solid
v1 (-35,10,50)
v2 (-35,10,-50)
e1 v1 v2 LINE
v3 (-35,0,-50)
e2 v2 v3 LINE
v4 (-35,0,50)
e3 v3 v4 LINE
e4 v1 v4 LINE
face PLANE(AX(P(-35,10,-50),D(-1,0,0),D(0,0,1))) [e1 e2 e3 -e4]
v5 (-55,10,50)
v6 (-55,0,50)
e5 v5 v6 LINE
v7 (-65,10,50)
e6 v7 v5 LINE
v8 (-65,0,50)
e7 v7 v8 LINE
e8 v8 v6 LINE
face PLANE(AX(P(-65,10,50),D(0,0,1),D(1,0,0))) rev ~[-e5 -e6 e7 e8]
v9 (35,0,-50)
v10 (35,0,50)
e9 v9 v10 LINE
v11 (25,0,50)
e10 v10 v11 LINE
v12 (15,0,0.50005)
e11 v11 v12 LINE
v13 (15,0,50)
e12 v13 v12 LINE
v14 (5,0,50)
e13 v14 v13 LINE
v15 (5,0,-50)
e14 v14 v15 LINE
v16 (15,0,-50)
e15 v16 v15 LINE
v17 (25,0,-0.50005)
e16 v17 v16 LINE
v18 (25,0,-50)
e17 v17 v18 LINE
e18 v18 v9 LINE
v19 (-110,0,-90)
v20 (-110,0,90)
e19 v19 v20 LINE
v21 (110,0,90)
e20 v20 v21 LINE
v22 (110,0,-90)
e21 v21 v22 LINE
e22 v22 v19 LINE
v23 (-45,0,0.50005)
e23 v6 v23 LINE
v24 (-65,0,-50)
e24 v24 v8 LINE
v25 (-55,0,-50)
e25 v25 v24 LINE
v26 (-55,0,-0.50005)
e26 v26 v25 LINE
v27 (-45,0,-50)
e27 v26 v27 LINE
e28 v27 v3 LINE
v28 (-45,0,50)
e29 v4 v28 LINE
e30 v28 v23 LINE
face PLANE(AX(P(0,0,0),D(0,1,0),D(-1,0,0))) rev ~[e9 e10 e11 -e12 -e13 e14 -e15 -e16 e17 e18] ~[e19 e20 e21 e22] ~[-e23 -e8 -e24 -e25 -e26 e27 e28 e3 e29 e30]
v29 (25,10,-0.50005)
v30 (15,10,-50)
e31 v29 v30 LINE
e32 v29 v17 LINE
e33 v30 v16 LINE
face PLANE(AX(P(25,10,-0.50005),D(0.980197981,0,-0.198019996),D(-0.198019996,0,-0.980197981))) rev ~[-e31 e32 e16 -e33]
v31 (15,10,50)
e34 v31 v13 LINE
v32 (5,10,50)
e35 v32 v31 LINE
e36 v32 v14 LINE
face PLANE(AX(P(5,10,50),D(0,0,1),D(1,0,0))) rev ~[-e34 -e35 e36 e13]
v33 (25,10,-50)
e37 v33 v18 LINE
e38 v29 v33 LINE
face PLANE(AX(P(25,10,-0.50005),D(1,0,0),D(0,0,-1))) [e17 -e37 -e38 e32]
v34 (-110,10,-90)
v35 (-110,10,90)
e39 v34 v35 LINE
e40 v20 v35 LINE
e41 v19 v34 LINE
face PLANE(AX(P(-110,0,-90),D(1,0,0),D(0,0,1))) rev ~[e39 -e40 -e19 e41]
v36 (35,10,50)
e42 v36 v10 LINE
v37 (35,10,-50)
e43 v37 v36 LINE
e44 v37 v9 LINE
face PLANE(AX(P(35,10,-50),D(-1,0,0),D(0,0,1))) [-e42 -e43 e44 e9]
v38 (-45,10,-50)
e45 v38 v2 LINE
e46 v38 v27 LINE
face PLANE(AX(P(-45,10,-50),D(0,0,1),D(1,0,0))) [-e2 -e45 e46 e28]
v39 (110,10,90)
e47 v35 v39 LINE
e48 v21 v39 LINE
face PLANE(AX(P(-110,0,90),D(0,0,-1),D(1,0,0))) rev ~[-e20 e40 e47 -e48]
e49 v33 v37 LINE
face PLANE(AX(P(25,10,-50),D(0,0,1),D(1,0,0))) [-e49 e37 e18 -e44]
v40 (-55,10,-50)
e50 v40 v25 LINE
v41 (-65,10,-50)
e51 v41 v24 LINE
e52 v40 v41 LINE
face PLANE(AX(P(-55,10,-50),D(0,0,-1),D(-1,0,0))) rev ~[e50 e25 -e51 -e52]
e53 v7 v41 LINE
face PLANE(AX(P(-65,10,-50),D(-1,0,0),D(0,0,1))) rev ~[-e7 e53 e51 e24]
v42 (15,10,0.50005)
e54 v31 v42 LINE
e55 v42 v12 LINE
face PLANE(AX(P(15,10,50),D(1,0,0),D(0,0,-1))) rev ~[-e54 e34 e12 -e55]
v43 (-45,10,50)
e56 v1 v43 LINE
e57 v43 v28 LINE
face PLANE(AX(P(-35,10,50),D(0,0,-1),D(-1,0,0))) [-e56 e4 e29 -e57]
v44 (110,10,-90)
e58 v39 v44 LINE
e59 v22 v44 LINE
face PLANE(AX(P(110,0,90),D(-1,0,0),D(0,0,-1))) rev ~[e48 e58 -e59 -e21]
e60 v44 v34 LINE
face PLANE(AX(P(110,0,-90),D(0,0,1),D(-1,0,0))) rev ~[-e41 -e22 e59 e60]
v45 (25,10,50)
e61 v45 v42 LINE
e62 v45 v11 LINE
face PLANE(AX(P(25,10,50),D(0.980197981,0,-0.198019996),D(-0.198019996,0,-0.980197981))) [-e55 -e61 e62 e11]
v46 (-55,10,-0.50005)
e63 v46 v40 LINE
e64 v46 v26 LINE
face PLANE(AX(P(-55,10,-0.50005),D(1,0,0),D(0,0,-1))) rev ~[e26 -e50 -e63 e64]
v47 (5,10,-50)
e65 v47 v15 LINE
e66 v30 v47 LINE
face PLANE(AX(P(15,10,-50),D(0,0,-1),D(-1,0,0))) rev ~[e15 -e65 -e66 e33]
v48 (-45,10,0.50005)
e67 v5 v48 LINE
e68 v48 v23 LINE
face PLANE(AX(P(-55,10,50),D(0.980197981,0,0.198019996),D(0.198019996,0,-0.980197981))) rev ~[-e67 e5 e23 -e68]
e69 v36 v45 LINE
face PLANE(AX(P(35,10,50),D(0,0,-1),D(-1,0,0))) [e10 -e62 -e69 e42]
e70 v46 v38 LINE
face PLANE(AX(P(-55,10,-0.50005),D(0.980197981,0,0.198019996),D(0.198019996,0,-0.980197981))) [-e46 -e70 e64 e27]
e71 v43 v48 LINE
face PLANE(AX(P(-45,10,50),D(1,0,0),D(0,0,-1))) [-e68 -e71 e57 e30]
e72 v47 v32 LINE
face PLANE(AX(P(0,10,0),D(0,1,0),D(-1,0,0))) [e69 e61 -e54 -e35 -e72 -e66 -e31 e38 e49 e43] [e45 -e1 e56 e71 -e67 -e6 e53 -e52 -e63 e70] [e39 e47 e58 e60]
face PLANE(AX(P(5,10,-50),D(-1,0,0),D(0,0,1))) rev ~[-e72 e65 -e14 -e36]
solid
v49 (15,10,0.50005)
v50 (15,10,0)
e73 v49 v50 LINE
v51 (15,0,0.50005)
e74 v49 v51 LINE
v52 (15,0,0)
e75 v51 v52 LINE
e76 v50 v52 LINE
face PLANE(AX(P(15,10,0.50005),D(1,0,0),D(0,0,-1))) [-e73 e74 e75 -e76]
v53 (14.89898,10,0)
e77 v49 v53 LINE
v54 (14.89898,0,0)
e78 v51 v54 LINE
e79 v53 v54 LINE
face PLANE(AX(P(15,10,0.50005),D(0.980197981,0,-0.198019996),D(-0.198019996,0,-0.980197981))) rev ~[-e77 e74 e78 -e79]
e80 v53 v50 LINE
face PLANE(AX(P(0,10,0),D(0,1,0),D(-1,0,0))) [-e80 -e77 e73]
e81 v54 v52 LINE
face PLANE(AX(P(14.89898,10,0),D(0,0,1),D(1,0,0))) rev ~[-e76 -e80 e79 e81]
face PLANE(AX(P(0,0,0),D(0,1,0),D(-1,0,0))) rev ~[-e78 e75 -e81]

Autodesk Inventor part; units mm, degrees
ref_plane "YZ Plane" through (0, 0, 0) normal (1, 0, 0) x (0, 1, 0)
ref_plane "XZ Plane" through (0, 0, 0) normal (0, 1, 0) x (-1, 0, 0)
ref_plane "XY Plane" through (0, 0, 0) normal (0, 0, 1) x (1, 0, 0)
sketch "Boceto1" plane through (0, 0, 0) normal (0, 1, 0) x (-1, 0, 0)
  point P0 (0, 0)
sketch "Boceto2" plane through (0, 0, 0) normal (0, 1, 0) x (-1, 0, 0)
  line L0 (110, 90) -> (-110, 90)
  line L1 (-110, 90) -> (-110, -90)
  line L2 (-110, -90) -> (110, -90)
  line L3 (110, -90) -> (110, 90)
  line L4 (110, 90) -> (-110, -90) construction
  line L5 (-110, 90) -> (110, -90) construction
  point P0 (0, 0)
  dimension "d0" = 220
  dimension "d1" = 180
extrude "Extrusión1" add sketch "Boceto2" along normal blind 10
sketch "Boceto3" plane through (0, 10, 0) normal (0, 1, 0) x (1, 0, 0)
  point P0 (0, 0)
sketch "Boceto4" plane through (0, 10, 0) normal (0, 1, 0) x (1, 0, 0)
  line L0 (-110, 90) -> (-110, -90) projected
  line L1 (-110, 0) -> (-60, 0)
  line L2 (-110, 0) -> (-60, 0) construction
  line L3 (-65, -50) -> (-55, -50)
  line L4 (-55, -50) -> (-55, 50)
  line L5 (-55, 50) -> (-65, 50)
  line L6 (-65, 50) -> (-65, -50)
  line L7 (-65, -50) -> (-55, 50) construction
  line L8 (-55, -50) -> (-65, 50) construction
  line L9 (-55, -50) -> (-64.802, -48.0198)
  line L10 (-55, -50) -> (-45, -50) construction
  line L11 (-64.802, -48.0198) -> (-45, 50)
  line L12 (-55, -50) -> (-35.198, 48.0198)
  line L13 (-35.198, 48.0198) -> (-45, 50)
  line L14 (-55, 50) -> (-49.1181, 50)
  line L15 (-45, 50) -> (-35, 50)
  line L16 (-35, 50) -> (-35, -50)
  line L17 (-35, -50) -> (-45, -50)
  line L18 (-45, -50) -> (-45, 50)
  line L19 (-35, 0) -> (-15, 0)
  line L20 (-15, 0) -> (-15, -90)
  line L21 (35, -50) -> (25, -50)
  line L22 (25, -50) -> (25, 50)
  line L23 (25, 50) -> (35, 50)
  line L24 (35, 50) -> (35, -50)
  line L25 (35, -50) -> (25, 50) construction
  line L26 (25, -50) -> (35, 50) construction
  line L27 (25, -50) -> (34.802, -48.0198)
  line L28 (25, -50) -> (15, -50) construction
  line L29 (34.802, -48.0198) -> (15, 50)
  line L30 (25, -50) -> (5.198, 48.0198)
  line L31 (5.198, 48.0198) -> (15, 50)
  line L32 (25, 50) -> (19.1181, 50)
  line L33 (15, 50) -> (5, 50)
  line L34 (5, 50) -> (5, -50)
  line L35 (5, -50) -> (15, -50)
  line L36 (15, -50) -> (15, 50)
  line L37 (0, 0) -> (20, 0)
  line L38 (-110, -90) -> (110, -90) projected
  point P0 (30, 0)
  point P1 (30, 0)
  point P2 (5, 0)
  point P3 (15, -0.5)
  point P4 (25, 0.5)
  point P5 (-30, 50)
  point P6 (-55, 0.5)
  point P7 (-45, -0.5)
  point P8 (-70, 50)
  point P9 (-0.8819, 50)
  point P10 (15.101, 0)
  point P11 (15, 0)
  point P12 (14.899, 0)
  point P13 (15, 0)
  dimension "d4" = 50
  dimension "d5" = 0
  dimension "d6" = 10
  dimension "d7" = 100
  dimension "d8" = 10
  dimension "d10" = 100
  dimension "d11" = 100
  dimension "d12" = 10
  dimension "d13" = 100
  dimension "d14" = 20
  dimension "d15" = 20
extrude "Extrusión2" cut sketch "Boceto4" against normal up to surface (10 mm away) contours L6 L5 L4 L11 L9 L3 | L9 L11 L4 | L4 L11 L18 L12 | L16 L17 L18 L12 L13 L15 | L18 L13 L12 | L21 L27 L29 L22 L23 L24 | L30 L36 L29 L22 | L22 L29 L27 | L36 L35 L34 L37 L30 | L36 L37 L30 L31 | L31 L30 L37 L34 L33
equation "\"d0\" = alto_t"
equation "\"d1\" = ancho_t"
equation "\"d2\" = grueso_t"
equation "\"d4\" = d_ranura"
equation "\"d6\" = alto_p"
equation "\"d7\" = ancho_p"
equation "\"d8\" = alto_p"
equation "\"d10\" = ancho_p"
equation "\"d11\" = ancho_p"
equation "\"d12\" = alto_p"
equation "\"d13\" = ancho_p"
equation "\"d14\" = d_sim"
equation "\"d15\" = d_sim"
equation "\"ancho_t\" = 180"
equation "\"alto_t\" = 220"
equation "\"grueso_t\" = 10"
equation "\"d_ranura\" = 50"
equation "\"ancho_p\" = 100"
equation "\"alto_p\" = 10"
equation "\"angulo_p\" = 165deg"
equation "\"d_sim\" = 20"
properties part number "Parte A-B" material "Madera (abedul)"
